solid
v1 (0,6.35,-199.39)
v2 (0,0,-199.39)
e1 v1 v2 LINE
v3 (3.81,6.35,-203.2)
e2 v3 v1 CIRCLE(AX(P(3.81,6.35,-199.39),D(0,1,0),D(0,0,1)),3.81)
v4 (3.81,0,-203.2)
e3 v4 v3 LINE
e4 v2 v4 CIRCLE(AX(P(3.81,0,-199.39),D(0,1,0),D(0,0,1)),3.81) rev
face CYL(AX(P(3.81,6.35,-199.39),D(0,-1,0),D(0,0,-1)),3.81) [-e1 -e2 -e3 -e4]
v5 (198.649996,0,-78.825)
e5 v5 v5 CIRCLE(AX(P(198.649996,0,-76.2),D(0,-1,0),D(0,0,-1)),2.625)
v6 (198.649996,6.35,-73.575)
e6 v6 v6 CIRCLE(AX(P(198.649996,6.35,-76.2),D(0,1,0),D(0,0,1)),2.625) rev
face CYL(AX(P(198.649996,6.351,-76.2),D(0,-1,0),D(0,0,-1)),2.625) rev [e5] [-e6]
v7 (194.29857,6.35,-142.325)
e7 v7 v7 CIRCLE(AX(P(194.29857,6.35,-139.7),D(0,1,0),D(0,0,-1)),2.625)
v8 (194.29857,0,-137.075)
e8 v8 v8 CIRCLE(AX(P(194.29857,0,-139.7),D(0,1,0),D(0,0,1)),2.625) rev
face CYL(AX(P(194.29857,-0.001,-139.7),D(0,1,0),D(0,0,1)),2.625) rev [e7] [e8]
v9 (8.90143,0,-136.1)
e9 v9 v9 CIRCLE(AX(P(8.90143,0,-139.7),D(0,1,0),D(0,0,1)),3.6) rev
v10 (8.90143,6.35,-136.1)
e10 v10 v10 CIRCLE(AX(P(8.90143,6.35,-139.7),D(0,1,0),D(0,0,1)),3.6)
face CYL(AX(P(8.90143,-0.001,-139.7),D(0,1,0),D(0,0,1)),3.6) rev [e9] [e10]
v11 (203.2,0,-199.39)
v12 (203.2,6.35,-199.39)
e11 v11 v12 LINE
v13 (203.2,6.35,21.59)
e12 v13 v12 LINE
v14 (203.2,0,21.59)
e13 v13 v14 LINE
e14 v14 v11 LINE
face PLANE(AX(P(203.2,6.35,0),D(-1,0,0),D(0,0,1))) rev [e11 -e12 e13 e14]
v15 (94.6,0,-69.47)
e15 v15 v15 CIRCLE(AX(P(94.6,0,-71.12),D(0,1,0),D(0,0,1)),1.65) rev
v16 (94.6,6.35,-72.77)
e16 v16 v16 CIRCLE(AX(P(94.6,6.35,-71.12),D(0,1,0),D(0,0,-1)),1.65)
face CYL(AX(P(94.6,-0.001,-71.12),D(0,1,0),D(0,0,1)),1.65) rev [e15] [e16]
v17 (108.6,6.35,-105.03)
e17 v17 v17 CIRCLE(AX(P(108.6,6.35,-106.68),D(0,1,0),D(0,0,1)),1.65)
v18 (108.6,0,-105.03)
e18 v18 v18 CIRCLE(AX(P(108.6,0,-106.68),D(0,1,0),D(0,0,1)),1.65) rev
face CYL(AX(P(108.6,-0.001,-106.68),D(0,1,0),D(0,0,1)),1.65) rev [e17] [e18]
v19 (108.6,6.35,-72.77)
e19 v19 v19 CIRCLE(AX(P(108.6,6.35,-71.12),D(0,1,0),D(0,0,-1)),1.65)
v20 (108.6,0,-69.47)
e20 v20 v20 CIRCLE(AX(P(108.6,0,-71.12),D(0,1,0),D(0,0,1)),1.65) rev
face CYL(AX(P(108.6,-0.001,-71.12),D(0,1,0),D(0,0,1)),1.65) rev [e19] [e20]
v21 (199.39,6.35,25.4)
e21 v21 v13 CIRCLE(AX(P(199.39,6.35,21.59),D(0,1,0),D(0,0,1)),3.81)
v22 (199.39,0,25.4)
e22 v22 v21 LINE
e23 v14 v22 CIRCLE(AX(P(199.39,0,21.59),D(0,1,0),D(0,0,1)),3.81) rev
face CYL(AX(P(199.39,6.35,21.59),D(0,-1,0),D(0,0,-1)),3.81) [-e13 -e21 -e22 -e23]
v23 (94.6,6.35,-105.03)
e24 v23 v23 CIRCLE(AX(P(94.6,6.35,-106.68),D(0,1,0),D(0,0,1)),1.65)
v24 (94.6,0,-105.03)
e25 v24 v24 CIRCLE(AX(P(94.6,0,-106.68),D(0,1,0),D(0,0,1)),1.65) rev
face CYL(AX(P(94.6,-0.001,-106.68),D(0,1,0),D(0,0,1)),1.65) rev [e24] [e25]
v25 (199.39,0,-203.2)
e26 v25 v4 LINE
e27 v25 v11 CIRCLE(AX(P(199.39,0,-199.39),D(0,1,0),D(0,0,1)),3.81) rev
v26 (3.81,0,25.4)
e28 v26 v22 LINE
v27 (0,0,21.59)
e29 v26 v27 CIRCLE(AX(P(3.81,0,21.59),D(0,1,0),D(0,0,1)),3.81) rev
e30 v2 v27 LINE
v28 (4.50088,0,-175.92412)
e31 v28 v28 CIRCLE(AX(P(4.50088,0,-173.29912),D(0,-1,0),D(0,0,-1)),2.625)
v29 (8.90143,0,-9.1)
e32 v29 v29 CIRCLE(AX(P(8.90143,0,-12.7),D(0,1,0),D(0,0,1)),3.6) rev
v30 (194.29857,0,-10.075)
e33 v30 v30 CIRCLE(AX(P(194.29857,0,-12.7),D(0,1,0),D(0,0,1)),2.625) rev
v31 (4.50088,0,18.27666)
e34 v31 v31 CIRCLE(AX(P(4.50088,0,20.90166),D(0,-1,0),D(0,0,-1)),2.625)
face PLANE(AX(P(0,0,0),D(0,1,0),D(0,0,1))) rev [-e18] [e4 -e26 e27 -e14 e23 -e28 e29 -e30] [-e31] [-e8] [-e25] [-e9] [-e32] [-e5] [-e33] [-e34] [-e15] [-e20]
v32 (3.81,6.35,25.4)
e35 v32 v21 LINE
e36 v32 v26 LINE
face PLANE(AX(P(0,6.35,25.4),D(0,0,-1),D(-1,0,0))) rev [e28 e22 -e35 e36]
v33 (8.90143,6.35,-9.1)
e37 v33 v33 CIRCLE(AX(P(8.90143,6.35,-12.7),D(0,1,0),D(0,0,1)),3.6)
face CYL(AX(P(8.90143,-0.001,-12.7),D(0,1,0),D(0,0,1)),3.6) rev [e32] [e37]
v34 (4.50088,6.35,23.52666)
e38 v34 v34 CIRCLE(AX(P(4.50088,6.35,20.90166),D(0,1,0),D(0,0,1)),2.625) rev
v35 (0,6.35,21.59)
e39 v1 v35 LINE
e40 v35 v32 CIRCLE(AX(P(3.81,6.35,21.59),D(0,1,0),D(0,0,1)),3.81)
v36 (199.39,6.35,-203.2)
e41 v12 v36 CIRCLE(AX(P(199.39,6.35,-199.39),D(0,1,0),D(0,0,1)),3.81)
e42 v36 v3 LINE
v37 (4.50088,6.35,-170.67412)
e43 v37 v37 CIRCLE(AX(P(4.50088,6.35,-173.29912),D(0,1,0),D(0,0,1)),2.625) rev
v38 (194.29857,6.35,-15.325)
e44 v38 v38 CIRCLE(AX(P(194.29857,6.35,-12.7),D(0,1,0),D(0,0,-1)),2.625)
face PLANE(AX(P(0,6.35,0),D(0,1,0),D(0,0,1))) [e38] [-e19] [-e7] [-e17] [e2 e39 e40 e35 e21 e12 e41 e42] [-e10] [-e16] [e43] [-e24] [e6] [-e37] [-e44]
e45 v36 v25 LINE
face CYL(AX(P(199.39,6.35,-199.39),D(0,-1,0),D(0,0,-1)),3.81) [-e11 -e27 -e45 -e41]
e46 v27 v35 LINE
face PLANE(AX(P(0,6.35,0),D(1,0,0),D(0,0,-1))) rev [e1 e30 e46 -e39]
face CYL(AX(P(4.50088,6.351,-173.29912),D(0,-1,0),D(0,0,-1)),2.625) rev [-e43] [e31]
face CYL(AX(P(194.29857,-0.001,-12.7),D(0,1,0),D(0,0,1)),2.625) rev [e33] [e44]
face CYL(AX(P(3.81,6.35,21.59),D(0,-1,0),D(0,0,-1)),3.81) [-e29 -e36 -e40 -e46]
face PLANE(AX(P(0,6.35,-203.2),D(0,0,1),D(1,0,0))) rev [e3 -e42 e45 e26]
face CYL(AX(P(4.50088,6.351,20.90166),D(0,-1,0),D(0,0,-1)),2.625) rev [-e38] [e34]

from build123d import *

# Parameters (mm, degrees)
BOSS_EXTRUDE1_DEPTH     = 6.35
WHEEL_HOLES_REACH       = 8.35
SKETCH2_R               = 3.6
SKETCH2_R_2             = 2.625
BUILD_PLATE_HOLES_REACH = 8.35
SKETCH3_R               = 2.625
FILLET1_R               = 3.81
BELT_CLAMP_HOLES_REACH  = 8.35
SKETCH4_R               = 1.65


with BuildPart() as part:
    # Sketch1 → Boss-Extrude1 (new body)
    with BuildSketch(Plane(origin=(0, 0, 0), x_dir=(1, 0, 0), z_dir=(0, 1, 0))):
        Polygon((0, 0), (0, 203.2), (203.2, 203.2), (203.2, 0), (203.2, -25.4), (0, -25.4), align=None)
    extrude(amount=BOSS_EXTRUDE1_DEPTH)

    # Sketch2 → wheel holes (cut, up to next)
    with BuildSketch(Plane(origin=(0, 6.35, 0), x_dir=(1, 0, 0), z_dir=(0, 1, 0)), mode=Mode.PRIVATE) as wheel_holes_sk1:
        with Locations((8.90143, 12.7)):
            Circle(SKETCH2_R)
    wheel_holes_tool1 = extrude(wheel_holes_sk1.sketch, amount=-WHEEL_HOLES_REACH, mode=Mode.PRIVATE) & part.part
    add(wheel_holes_tool1.solids().sort_by_distance((8.90143, 6.35, -12.7))[0], mode=Mode.SUBTRACT)
    # Sketch2 → wheel holes (cut, up to next)
    with BuildSketch(Plane(origin=(0, 6.35, 0), x_dir=(1, 0, 0), z_dir=(0, 1, 0)), mode=Mode.PRIVATE) as wheel_holes_sk2:
        with Locations((8.90143, 139.7)):
            Circle(SKETCH2_R)
    wheel_holes_tool2 = extrude(wheel_holes_sk2.sketch, amount=-WHEEL_HOLES_REACH, mode=Mode.PRIVATE) & part.part
    add(wheel_holes_tool2.solids().sort_by_distance((8.90143, 6.35, -139.7))[0], mode=Mode.SUBTRACT)
    # Sketch2 → wheel holes (cut, up to next)
    with BuildSketch(Plane(origin=(0, 6.35, 0), x_dir=(1, 0, 0), z_dir=(0, 1, 0)), mode=Mode.PRIVATE) as wheel_holes_sk3:
        with Locations((194.29857, 12.7)):
            Circle(SKETCH2_R_2)
    wheel_holes_tool3 = extrude(wheel_holes_sk3.sketch, amount=-WHEEL_HOLES_REACH, mode=Mode.PRIVATE) & part.part
    add(wheel_holes_tool3.solids().sort_by_distance((194.29857, 6.35, -12.7))[0], mode=Mode.SUBTRACT)
    # Sketch2 → wheel holes (cut, up to next)
    with BuildSketch(Plane(origin=(0, 6.35, 0), x_dir=(1, 0, 0), z_dir=(0, 1, 0)), mode=Mode.PRIVATE) as wheel_holes_sk4:
        with Locations((194.29857, 139.7)):
            Circle(SKETCH2_R_2)
    wheel_holes_tool4 = extrude(wheel_holes_sk4.sketch, amount=-WHEEL_HOLES_REACH, mode=Mode.PRIVATE) & part.part
    add(wheel_holes_tool4.solids().sort_by_distance((194.29857, 6.35, -139.7))[0], mode=Mode.SUBTRACT)

    # Sketch3 → build plate holes (cut, up to next)
    with BuildSketch(Plane.XZ, mode=Mode.PRIVATE) as build_plate_holes_sk1:
        with Locations((4.50088, 20.90166)):
            Circle(SKETCH3_R)
    build_plate_holes_tool1 = extrude(build_plate_holes_sk1.sketch, amount=-BUILD_PLATE_HOLES_REACH, mode=Mode.PRIVATE) & part.part
    add(build_plate_holes_tool1.solids().sort_by_distance((4.50088, 0, 20.90166))[0], mode=Mode.SUBTRACT)
    # Sketch3 → build plate holes (cut, up to next)
    with BuildSketch(Plane.XZ, mode=Mode.PRIVATE) as build_plate_holes_sk2:
        with Locations((4.50088, -173.29912)):
            Circle(SKETCH3_R)
    build_plate_holes_tool2 = extrude(build_plate_holes_sk2.sketch, amount=-BUILD_PLATE_HOLES_REACH, mode=Mode.PRIVATE) & part.part
    add(build_plate_holes_tool2.solids().sort_by_distance((4.50088, 0, -173.29912))[0], mode=Mode.SUBTRACT)
    # Sketch3 → build plate holes (cut, up to next)
    with BuildSketch(Plane.XZ, mode=Mode.PRIVATE) as build_plate_holes_sk3:
        with Locations((198.6499964, -76.2)):
            Circle(SKETCH3_R)
    build_plate_holes_tool3 = extrude(build_plate_holes_sk3.sketch, amount=-BUILD_PLATE_HOLES_REACH, mode=Mode.PRIVATE) & part.part
    add(build_plate_holes_tool3.solids().sort_by_distance((198.649996, 0, -76.2))[0], mode=Mode.SUBTRACT)

    # Fillet1
    fillet1_edges = [part.edges().sort_by_distance(p)[0] for p in [
        (0, 3.175, -203.2),
        (203.2, 3.175, -203.2),
        (203.2, 3.175, 25.4),
        (0, 3.175, 25.4),
    ]]
    fillet(fillet1_edges, radius=FILLET1_R)

    # Sketch4 → belt clamp holes (cut, up to next)
    with BuildSketch(Plane(origin=(0, 6.35, 0), x_dir=(1, 0, 0), z_dir=(0, 1, 0)), mode=Mode.PRIVATE) as belt_clamp_holes_sk1:
        with Locations((94.6, 106.68)):
            Circle(SKETCH4_R)
    belt_clamp_holes_tool1 = extrude(belt_clamp_holes_sk1.sketch, amount=-BELT_CLAMP_HOLES_REACH, mode=Mode.PRIVATE) & part.part
    add(belt_clamp_holes_tool1.solids().sort_by_distance((94.6, 6.35, -106.68))[0], mode=Mode.SUBTRACT)
    # Sketch4 → belt clamp holes (cut, up to next)
    with BuildSketch(Plane(origin=(0, 6.35, 0), x_dir=(1, 0, 0), z_dir=(0, 1, 0)), mode=Mode.PRIVATE) as belt_clamp_holes_sk2:
        with Locations((108.6, 106.68)):
            Circle(SKETCH4_R)
    belt_clamp_holes_tool2 = extrude(belt_clamp_holes_sk2.sketch, amount=-BELT_CLAMP_HOLES_REACH, mode=Mode.PRIVATE) & part.part
    add(belt_clamp_holes_tool2.solids().sort_by_distance((108.6, 6.35, -106.68))[0], mode=Mode.SUBTRACT)
    # Sketch4 → belt clamp holes (cut, up to next)
    with BuildSketch(Plane(origin=(0, 6.35, 0), x_dir=(1, 0, 0), z_dir=(0, 1, 0)), mode=Mode.PRIVATE) as belt_clamp_holes_sk3:
        with Locations((108.6, 71.12)):
            Circle(SKETCH4_R)
    belt_clamp_holes_tool3 = extrude(belt_clamp_holes_sk3.sketch, amount=-BELT_CLAMP_HOLES_REACH, mode=Mode.PRIVATE) & part.part
    add(belt_clamp_holes_tool3.solids().sort_by_distance((108.6, 6.35, -71.12))[0], mode=Mode.SUBTRACT)
    # Sketch4 → belt clamp holes (cut, up to next)
    with BuildSketch(Plane(origin=(0, 6.35, 0), x_dir=(1, 0, 0), z_dir=(0, 1, 0)), mode=Mode.PRIVATE) as belt_clamp_holes_sk4:
        with Locations((94.6, 71.12)):
            Circle(SKETCH4_R)
    belt_clamp_holes_tool4 = extrude(belt_clamp_holes_sk4.sketch, amount=-BELT_CLAMP_HOLES_REACH, mode=Mode.PRIVATE) & part.part
    add(belt_clamp_holes_tool4.solids().sort_by_distance((94.6, 6.35, -71.12))[0], mode=Mode.SUBTRACT)


solid = part.part
